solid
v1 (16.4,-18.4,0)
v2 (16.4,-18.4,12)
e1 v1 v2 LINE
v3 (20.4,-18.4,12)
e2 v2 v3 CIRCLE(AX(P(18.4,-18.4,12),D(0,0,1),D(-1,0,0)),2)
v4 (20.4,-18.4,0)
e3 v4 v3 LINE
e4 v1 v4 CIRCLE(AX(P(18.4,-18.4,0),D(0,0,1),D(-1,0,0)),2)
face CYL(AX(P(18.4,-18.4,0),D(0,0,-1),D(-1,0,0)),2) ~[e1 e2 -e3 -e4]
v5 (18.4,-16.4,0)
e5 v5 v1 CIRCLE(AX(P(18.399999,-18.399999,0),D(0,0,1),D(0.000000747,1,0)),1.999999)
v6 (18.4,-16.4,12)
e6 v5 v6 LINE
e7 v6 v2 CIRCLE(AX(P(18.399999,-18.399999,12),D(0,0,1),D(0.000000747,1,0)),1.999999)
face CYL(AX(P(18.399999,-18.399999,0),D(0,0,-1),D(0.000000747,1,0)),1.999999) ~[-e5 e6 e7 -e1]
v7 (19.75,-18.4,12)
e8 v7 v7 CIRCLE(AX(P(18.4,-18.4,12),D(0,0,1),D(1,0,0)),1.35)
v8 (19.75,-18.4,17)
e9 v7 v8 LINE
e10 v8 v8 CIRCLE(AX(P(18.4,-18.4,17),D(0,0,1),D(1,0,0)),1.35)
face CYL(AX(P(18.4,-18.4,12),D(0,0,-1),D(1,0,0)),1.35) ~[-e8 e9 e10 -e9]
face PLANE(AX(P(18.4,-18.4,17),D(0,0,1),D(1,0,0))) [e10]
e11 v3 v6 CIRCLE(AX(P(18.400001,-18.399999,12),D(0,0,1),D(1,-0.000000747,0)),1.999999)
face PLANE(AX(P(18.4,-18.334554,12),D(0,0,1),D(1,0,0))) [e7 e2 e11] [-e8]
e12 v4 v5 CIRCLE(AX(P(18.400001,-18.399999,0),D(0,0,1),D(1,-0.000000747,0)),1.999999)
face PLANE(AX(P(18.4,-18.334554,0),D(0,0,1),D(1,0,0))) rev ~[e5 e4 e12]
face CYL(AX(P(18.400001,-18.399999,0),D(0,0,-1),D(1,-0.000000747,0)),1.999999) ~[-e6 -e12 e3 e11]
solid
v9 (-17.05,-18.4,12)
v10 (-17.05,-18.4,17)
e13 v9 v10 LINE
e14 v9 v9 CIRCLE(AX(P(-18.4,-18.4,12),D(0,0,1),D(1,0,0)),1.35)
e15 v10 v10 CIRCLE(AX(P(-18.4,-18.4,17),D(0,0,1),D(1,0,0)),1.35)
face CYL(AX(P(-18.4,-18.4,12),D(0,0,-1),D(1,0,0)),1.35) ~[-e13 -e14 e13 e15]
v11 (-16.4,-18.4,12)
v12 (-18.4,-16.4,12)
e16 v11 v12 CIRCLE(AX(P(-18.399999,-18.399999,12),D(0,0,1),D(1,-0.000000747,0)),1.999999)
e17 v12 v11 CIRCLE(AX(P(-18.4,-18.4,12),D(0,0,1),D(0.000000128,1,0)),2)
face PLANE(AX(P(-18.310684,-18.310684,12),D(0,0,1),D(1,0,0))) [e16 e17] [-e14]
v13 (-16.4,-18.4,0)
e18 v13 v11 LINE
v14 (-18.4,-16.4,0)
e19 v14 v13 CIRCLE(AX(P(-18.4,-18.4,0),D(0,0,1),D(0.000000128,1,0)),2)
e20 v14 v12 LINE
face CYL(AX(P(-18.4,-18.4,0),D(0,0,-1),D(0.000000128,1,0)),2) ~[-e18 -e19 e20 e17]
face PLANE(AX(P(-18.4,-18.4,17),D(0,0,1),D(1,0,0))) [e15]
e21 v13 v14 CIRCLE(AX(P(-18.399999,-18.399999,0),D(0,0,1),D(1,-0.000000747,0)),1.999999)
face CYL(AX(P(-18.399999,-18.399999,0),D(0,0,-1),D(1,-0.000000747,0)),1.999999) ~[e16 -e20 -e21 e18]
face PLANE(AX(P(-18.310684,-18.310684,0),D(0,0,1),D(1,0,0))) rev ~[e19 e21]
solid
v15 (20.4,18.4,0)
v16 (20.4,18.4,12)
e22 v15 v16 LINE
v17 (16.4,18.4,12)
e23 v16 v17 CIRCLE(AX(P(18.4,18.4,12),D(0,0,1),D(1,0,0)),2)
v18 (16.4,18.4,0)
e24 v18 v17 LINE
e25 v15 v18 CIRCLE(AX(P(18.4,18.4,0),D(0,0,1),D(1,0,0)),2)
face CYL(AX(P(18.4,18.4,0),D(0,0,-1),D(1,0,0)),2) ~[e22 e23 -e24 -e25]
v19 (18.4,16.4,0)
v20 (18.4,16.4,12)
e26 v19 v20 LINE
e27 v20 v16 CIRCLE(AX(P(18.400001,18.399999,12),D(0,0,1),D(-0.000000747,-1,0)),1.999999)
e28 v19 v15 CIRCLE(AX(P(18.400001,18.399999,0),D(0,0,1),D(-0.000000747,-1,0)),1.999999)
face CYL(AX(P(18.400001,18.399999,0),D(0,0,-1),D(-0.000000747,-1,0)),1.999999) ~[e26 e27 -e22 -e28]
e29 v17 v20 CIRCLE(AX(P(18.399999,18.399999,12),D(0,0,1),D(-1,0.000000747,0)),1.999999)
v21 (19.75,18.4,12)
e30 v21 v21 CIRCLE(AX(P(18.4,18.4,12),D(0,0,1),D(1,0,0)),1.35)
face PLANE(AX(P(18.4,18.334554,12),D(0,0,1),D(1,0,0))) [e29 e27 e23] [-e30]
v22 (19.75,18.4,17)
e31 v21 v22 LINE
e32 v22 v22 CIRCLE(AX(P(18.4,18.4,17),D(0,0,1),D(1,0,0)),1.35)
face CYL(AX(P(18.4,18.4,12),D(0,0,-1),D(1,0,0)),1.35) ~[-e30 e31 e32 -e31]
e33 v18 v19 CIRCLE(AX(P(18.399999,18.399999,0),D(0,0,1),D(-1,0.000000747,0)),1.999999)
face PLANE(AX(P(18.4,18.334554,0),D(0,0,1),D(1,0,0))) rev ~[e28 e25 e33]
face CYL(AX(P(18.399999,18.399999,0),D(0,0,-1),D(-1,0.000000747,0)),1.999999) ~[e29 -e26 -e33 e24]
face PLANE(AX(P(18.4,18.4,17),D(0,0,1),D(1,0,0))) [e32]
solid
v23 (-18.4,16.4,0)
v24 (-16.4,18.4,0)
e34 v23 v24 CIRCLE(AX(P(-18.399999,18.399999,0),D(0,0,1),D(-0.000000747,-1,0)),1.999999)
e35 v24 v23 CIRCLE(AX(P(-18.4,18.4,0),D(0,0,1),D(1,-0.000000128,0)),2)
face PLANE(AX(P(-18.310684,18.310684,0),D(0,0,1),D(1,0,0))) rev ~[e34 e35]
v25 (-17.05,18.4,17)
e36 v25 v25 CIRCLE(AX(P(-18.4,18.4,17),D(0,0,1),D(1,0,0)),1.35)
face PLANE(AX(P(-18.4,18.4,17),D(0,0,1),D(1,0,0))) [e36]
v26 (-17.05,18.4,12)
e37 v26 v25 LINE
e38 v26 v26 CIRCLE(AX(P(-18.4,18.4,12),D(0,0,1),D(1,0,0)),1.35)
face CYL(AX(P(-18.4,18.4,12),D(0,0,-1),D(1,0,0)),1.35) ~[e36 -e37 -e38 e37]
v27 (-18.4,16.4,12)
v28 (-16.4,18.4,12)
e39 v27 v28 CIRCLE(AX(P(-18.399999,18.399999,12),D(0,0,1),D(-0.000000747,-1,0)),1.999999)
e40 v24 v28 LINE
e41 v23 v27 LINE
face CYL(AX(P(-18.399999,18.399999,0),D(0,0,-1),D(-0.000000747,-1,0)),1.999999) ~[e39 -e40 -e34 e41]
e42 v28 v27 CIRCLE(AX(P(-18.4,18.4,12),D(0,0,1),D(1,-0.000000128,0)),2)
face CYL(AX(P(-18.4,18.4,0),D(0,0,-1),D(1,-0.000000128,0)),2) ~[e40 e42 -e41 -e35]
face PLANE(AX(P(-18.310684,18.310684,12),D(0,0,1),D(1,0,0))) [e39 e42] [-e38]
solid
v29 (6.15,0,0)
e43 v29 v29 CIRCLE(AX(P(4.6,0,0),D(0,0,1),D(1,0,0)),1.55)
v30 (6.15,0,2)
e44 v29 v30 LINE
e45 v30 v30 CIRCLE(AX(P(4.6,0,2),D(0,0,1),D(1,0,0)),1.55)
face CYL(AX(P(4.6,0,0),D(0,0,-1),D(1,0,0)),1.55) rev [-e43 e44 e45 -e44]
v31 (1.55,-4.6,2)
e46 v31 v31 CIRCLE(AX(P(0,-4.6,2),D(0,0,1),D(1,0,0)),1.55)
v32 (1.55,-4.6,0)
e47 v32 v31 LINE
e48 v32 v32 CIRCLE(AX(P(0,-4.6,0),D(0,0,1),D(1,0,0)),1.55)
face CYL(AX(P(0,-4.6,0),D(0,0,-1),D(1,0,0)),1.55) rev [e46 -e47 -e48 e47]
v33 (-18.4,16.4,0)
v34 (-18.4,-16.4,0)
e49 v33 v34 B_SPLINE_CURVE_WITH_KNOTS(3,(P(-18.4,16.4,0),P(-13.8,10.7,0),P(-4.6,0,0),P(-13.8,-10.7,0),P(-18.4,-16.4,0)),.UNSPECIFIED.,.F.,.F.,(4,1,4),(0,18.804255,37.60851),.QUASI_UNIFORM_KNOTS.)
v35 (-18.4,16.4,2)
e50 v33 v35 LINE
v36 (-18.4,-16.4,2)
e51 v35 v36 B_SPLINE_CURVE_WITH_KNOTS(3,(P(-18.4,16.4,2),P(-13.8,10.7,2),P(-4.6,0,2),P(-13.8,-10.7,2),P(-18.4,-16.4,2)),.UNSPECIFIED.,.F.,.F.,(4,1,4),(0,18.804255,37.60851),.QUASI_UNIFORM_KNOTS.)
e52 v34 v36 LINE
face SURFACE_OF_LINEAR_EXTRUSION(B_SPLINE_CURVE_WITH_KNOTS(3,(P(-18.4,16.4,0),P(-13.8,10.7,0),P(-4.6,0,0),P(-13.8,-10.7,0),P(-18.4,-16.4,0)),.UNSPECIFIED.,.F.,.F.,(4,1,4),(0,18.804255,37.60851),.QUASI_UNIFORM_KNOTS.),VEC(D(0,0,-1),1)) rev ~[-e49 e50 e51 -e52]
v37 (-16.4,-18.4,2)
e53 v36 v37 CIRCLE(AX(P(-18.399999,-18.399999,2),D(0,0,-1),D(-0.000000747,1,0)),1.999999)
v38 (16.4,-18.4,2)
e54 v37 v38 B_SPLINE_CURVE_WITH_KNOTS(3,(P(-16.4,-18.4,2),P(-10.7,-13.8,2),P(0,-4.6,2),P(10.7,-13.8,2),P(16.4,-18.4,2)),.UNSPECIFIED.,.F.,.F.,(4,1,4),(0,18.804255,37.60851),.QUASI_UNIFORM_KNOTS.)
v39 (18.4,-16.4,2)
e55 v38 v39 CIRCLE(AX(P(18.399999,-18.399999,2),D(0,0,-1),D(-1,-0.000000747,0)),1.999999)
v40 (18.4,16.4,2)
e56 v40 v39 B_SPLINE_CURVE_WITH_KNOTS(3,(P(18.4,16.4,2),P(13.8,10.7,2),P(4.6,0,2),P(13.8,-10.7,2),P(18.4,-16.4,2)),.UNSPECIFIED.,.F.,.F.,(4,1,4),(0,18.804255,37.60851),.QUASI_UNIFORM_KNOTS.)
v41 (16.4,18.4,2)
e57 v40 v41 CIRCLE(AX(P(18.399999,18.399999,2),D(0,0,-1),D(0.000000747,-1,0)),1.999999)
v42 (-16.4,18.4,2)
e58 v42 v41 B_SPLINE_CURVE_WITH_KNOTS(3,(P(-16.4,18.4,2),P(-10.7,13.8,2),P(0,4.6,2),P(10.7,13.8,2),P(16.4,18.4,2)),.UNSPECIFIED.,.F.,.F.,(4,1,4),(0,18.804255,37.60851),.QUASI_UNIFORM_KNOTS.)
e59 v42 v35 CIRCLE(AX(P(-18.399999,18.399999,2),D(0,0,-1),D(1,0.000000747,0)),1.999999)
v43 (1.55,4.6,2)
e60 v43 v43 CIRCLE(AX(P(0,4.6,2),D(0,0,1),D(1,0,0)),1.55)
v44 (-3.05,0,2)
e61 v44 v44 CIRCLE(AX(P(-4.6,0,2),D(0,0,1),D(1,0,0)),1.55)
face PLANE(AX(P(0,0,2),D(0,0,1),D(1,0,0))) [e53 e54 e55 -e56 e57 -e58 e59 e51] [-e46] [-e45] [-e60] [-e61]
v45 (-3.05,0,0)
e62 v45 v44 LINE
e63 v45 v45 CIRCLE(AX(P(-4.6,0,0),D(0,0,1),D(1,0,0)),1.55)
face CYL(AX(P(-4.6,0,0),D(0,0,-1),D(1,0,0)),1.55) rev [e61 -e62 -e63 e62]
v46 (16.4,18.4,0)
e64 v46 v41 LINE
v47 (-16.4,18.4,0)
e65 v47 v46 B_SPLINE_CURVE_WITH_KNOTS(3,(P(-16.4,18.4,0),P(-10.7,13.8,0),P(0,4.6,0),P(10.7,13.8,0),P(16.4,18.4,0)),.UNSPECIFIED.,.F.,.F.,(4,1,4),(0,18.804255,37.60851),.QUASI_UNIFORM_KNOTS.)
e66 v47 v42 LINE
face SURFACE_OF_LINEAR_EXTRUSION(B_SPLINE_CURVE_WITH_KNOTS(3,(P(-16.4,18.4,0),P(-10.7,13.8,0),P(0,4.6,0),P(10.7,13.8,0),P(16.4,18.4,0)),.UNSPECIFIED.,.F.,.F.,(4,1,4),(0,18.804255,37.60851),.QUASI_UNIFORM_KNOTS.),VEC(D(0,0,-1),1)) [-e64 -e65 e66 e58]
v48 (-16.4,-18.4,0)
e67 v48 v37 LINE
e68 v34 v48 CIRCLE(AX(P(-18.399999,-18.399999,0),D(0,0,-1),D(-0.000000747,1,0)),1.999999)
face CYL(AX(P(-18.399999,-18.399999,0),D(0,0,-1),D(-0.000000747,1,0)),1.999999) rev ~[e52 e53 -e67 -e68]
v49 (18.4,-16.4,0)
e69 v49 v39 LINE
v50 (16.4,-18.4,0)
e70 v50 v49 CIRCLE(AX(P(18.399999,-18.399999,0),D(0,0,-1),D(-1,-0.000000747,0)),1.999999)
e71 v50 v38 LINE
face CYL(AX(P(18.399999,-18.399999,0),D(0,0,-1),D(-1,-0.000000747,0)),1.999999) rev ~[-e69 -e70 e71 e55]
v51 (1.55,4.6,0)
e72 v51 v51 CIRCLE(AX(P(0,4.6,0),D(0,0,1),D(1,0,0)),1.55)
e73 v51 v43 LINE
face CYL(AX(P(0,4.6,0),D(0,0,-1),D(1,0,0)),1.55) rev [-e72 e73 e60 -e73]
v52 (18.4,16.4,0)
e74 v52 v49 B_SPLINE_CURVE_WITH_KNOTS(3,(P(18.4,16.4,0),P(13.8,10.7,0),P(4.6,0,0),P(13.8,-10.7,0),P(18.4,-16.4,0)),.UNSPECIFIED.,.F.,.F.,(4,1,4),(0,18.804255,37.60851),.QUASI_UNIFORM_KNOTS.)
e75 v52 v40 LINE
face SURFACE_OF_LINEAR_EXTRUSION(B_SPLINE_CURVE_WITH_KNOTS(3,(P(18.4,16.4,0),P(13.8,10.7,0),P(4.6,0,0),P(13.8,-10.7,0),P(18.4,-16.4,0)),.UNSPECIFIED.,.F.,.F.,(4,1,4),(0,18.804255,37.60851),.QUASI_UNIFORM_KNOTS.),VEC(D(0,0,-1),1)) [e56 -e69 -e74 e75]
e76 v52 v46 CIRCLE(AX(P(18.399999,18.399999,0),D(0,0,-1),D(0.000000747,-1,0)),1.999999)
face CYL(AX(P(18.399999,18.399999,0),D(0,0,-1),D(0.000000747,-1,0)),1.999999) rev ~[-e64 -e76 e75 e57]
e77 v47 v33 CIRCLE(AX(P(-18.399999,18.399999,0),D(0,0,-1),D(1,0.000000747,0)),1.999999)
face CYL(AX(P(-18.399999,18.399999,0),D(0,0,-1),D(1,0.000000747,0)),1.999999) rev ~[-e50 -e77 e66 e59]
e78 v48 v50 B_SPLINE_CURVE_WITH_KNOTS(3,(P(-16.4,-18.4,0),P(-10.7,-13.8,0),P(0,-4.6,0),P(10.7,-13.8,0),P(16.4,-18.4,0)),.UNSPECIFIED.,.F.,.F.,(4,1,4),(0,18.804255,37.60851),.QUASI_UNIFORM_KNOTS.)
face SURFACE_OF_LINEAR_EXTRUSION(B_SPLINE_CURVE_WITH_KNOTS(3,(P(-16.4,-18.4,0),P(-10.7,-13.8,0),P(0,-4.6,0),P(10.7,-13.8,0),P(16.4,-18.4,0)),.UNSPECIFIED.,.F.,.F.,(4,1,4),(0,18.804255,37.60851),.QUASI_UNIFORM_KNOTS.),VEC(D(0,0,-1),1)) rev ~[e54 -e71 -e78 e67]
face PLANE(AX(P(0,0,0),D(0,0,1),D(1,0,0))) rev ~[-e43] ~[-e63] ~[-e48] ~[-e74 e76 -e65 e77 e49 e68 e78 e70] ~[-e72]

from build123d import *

# Parameters (mm, degrees)
F1_DEPTH  = 12
F0_R      = 1.55
F2_DEPTH  = 2
F3_R      = 1.35
F4_DEPTH  = 5
F5_R      = 1.35
F6_DEPTH  = 5
F7_R      = 1.35
F8_DEPTH  = 5
F9_R      = 1.35
F10_DEPTH = 5


with BuildPart() as f1:
    # F0 (on Top) → F1 (new body)
    with BuildSketch(Plane.XY):
        with BuildLine():
            ThreePointArc((18.4, 16.4), (19.814214, 16.985786), (20.4, 18.4))
            ThreePointArc((20.4, 18.4), (18.4, 20.4), (16.4, 18.4))
            ThreePointArc((16.4, 18.4), (16.985786, 16.985786), (18.4, 16.4))
        make_face()
        with BuildLine():
            ThreePointArc((-16.4, -18.4), (-16.985786, -16.985786), (-18.4, -16.4))
            ThreePointArc((-18.4, -16.4), (-19.814214, -19.814214), (-16.4, -18.4))
        make_face()
        with BuildLine():
            ThreePointArc((20.4, -18.4), (19.814214, -16.985786), (18.4, -16.4))
            ThreePointArc((18.4, -16.4), (16.985786, -16.985786), (16.4, -18.4))
            ThreePointArc((16.4, -18.4), (18.4, -20.4), (20.4, -18.4))
        make_face()
        with BuildLine():
            ThreePointArc((-18.4, 16.4), (-16.985786, 16.985786), (-16.4, 18.4))
            ThreePointArc((-16.4, 18.4), (-19.814214, 19.814214), (-18.4, 16.4))
        make_face()
    extrude(amount=F1_DEPTH)

    # F3 (on face) → F4 (join)
    with BuildSketch(Plane.XY.offset(12)):
        with Locations((18.4, 18.4)):
            Circle(F3_R)
    extrude(amount=F4_DEPTH)

    # F5 (on face) → F6 (join)
    with BuildSketch(Plane.XY.offset(12)):
        with Locations((18.4, -18.4)):
            Circle(F5_R)
    extrude(amount=F6_DEPTH)

    # F7 (on face) → F8 (join)
    with BuildSketch(Plane.XY.offset(12)):
        with Locations((-18.4, -18.4)):
            Circle(F7_R)
    extrude(amount=F8_DEPTH)

    # F9 (on face) → F10 (join)
    with BuildSketch(Plane.XY.offset(12)):
        with Locations((-18.4, 18.4)):
            Circle(F9_R)
    extrude(amount=F10_DEPTH)


with BuildPart() as f2:
    # F0 (on Top) → F2 (new body)
    with BuildSketch(Plane.XY):
        with BuildLine():
            ThreePointArc((18.4, 16.4), (16.985786, 16.985786), (16.4, 18.4))
            add(Edge.make_bspline(
                [(-16.4, 18.4), (-10.7, 13.8), (0, 4.6), (10.7, 13.8), (16.4, 18.4)],
                knots=[0, 0, 0, 0, 18.804255, 37.60851, 37.60851, 37.60851, 37.60851], degree=3))
            ThreePointArc((-16.4, 18.4), (-16.985786, 16.985786), (-18.4, 16.4))
            add(Edge.make_bspline(
                [(-18.4, 16.4), (-13.8, 10.7), (-4.6, 0), (-13.8, -10.7), (-18.4, -16.4)],
                knots=[0, 0, 0, 0, 18.804255, 37.60851, 37.60851, 37.60851, 37.60851], degree=3))
            ThreePointArc((-18.4, -16.4), (-16.985786, -16.985786), (-16.4, -18.4))
            add(Edge.make_bspline(
                [(-16.4, -18.4), (-10.7, -13.8), (0, -4.6), (10.7, -13.8), (16.4, -18.4)],
                knots=[0, 0, 0, 0, 18.804255, 37.60851, 37.60851, 37.60851, 37.60851], degree=3))
            ThreePointArc((16.4, -18.4), (16.985786, -16.985786), (18.4, -16.4))
            add(Edge.make_bspline(
                [(18.4, 16.4), (13.8, 10.7), (4.6, 0), (13.8, -10.7), (18.4, -16.4)],
                knots=[0, 0, 0, 0, 18.804255, 37.60851, 37.60851, 37.60851, 37.60851], degree=3))
        make_face()
        with Locations((0, -4.6)):
            Circle(F0_R, mode=Mode.SUBTRACT)
        with Locations((-4.6, 0)):
            Circle(F0_R, mode=Mode.SUBTRACT)
        with Locations((4.6, 0)):
            Circle(F0_R, mode=Mode.SUBTRACT)
        with Locations((0, 4.6)):
            Circle(F0_R, mode=Mode.SUBTRACT)
    extrude(amount=F2_DEPTH)


solid = Compound([f1.part, f2.part])
